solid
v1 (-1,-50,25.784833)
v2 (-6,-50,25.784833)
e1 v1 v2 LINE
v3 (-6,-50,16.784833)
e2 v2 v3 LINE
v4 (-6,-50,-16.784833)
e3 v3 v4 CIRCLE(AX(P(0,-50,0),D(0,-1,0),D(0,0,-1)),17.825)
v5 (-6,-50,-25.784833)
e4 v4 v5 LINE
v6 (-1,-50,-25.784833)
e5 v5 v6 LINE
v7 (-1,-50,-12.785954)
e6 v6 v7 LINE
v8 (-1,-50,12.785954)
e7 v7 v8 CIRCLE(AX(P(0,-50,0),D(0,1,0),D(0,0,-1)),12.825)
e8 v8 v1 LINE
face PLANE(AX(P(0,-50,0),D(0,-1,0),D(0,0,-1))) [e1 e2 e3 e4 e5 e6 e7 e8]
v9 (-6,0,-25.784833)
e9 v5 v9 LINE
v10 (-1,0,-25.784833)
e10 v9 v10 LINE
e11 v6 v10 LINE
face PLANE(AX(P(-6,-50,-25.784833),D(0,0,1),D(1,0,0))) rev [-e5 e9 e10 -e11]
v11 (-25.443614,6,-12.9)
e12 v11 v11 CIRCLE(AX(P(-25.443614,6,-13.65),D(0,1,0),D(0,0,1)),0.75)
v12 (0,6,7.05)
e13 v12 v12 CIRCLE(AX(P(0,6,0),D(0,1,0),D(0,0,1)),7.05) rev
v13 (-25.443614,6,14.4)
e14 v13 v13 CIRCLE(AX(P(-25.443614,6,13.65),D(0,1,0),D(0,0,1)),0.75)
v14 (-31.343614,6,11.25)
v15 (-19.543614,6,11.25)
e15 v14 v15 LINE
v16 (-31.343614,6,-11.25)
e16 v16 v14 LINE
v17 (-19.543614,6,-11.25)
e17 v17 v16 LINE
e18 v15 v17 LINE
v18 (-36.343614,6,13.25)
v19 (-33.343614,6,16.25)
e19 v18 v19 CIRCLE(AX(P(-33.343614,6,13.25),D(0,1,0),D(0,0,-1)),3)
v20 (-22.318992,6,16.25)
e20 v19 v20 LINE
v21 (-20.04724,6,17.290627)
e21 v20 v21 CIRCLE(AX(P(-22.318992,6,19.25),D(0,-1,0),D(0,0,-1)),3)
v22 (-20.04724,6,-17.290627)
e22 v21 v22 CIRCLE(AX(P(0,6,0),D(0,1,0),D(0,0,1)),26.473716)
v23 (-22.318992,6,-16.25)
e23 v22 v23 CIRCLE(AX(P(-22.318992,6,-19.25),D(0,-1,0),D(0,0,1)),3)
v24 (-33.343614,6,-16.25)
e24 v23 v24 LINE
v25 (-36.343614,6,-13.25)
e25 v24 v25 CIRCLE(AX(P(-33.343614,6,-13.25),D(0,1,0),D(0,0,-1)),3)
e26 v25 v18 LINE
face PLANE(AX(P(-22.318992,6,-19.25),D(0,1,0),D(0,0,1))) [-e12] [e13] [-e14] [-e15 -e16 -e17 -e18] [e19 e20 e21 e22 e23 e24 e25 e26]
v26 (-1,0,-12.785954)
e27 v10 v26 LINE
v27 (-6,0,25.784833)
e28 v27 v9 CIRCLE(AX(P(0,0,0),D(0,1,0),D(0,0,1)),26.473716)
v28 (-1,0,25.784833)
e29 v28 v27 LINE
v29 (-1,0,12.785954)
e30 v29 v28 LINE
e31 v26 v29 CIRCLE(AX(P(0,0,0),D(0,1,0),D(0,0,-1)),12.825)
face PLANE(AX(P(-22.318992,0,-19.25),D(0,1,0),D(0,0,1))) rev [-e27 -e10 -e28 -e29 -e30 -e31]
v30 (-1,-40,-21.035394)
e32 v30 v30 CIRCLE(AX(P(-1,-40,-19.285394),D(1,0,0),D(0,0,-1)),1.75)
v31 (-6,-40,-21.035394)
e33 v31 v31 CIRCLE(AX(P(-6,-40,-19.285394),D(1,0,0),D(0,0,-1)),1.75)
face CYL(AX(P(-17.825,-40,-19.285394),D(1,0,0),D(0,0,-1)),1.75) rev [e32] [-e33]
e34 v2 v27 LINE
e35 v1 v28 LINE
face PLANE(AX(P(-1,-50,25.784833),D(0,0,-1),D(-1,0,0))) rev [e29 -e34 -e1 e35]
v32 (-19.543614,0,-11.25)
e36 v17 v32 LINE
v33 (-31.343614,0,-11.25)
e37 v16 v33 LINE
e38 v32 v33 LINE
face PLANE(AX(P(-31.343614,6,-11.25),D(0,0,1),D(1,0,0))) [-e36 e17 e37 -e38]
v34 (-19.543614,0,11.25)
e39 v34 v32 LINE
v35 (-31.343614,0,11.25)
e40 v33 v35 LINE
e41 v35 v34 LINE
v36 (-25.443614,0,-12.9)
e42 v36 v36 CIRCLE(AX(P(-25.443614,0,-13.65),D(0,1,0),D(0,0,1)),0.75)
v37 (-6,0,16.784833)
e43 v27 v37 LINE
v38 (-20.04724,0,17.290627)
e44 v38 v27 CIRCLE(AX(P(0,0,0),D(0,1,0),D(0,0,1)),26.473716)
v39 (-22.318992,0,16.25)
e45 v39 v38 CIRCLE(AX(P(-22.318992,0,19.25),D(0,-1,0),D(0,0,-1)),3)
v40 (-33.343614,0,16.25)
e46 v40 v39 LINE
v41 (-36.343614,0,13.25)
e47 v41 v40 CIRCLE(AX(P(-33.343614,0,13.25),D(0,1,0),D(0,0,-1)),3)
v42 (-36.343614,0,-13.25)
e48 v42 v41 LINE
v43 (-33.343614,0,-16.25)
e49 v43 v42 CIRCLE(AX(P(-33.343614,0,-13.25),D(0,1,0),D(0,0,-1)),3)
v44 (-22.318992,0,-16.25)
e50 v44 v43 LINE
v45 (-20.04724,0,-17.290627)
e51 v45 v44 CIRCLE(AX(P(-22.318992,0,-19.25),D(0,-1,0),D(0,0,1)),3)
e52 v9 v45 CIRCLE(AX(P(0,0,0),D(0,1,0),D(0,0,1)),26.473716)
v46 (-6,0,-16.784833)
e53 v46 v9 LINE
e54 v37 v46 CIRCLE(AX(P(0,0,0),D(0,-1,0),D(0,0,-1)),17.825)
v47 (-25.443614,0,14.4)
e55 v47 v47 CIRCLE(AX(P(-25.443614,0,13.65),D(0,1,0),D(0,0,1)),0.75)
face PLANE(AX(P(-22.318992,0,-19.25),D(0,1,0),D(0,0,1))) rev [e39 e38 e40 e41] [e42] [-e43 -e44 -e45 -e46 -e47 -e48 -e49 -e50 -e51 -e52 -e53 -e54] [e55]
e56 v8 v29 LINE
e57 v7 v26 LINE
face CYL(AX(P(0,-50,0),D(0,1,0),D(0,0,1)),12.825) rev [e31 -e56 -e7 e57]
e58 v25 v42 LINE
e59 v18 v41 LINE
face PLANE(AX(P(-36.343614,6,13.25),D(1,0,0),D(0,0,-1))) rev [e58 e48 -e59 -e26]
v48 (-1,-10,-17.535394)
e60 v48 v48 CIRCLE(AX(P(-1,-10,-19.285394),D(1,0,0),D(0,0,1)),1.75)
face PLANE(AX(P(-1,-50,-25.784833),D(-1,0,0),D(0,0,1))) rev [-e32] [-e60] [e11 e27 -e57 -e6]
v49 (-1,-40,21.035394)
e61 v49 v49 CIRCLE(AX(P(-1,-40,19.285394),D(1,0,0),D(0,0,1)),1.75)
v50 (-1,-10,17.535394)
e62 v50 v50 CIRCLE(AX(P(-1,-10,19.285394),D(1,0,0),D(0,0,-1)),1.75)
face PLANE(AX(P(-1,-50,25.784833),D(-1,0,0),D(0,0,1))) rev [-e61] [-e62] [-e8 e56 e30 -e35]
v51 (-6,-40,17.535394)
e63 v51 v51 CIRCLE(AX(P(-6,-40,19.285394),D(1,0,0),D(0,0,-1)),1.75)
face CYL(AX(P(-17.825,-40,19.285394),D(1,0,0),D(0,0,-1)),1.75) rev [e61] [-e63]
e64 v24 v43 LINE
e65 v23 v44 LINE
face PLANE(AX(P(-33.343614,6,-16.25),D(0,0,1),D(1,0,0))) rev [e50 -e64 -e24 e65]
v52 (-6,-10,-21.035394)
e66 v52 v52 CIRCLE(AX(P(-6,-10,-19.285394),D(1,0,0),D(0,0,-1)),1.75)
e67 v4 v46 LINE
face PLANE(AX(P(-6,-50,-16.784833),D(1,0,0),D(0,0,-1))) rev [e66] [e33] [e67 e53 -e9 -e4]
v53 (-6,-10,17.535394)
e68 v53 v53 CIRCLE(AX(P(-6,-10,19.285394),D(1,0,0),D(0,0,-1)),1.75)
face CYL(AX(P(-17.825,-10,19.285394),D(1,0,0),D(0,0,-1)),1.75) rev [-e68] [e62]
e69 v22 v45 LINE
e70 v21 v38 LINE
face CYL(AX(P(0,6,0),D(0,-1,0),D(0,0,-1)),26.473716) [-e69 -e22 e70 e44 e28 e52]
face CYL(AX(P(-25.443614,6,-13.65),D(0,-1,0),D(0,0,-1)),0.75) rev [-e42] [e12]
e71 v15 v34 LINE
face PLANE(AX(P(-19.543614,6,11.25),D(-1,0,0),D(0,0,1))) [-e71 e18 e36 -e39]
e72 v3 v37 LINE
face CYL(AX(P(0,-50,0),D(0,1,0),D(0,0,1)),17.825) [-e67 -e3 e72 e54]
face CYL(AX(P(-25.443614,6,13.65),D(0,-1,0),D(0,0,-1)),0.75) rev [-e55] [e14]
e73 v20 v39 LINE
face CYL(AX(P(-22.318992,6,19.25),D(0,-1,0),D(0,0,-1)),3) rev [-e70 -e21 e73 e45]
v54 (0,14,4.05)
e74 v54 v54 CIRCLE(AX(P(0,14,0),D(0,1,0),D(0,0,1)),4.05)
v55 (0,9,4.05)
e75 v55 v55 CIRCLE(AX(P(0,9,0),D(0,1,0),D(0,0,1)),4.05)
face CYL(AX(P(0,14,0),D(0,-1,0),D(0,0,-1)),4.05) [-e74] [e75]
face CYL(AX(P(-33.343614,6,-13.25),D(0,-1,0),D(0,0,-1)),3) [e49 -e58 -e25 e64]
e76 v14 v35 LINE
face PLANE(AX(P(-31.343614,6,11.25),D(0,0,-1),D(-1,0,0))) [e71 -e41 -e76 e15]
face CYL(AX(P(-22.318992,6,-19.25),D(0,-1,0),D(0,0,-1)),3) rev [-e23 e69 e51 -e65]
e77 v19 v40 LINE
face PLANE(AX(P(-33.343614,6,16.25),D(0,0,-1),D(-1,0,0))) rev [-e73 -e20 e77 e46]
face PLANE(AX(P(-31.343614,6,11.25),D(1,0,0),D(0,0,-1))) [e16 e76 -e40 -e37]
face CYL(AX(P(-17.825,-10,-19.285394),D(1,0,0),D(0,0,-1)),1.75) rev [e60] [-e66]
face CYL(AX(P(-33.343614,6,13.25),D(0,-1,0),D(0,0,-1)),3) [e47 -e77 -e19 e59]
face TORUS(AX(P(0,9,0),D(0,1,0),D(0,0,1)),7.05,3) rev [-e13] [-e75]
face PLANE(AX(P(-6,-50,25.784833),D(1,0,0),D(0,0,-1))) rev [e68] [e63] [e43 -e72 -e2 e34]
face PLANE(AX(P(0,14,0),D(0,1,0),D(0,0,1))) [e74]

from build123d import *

# Parameters (mm, degrees)
BOSS_EXTRUDE4_DEPTH = 50
SKETCH7_R           = 1.75
CUT_EXTRUDE1_DEPTH  = 59.719147195
SKETCH8_R           = 0.75
SKETCH8_W           = 11.8
SKETCH8_H           = 22.5
BOSS_EXTRUDE5_DEPTH = 6
SKETCH9_R           = 4.05
BOSS_EXTRUDE6_DEPTH = 8
FILLET1_R           = 3


with BuildPart() as part:
    # Sketch6 → Boss-Extrude4 (new body)
    with BuildSketch(Plane.XZ):
        with BuildLine():
            Line((-1, 25.784833184), (-1, 12.785954208))
            ThreePointArc((-1, 12.785954208), (-12.825, 0), (-1, -12.785954208))
            Line((-1, -12.785954208), (-1, -25.784833184))
            Line((-1, -25.784833184), (-6, -25.784833184))
            Line((-6, -25.784833184), (-6, -16.784833184))
            ThreePointArc((-6, -16.784833184), (-17.825, 0), (-6, 16.784833184))
            Line((-6, 16.784833184), (-6, 25.784833184))
            Line((-6, 25.784833184), (-1, 25.784833184))
        make_face()
    extrude(amount=BOSS_EXTRUDE4_DEPTH)

    # Sketch7 → Cut-Extrude1 (cut, through all)
    with BuildSketch(Plane(origin=(-1, 0, 0), x_dir=(0, 0, -1), z_dir=(1, 0, 0))):
        with Locations((-19.285393696, -10)):
            Circle(SKETCH7_R)
        with Locations((-19.285393696, -40)):
            Circle(SKETCH7_R)
        with Locations((19.285393696, -40)):
            Circle(SKETCH7_R)
        with Locations((19.285393696, -10)):
            Circle(SKETCH7_R)
    extrude(amount=-CUT_EXTRUDE1_DEPTH, mode=Mode.SUBTRACT)

    # Sketch8 → Boss-Extrude5 (add)
    with BuildSketch(Plane(origin=(0, 0, 0), x_dir=(1, 0, 0), z_dir=(0, 1, 0))):
        with BuildLine():
            Line((-33.34361413, -16.25), (-22.318992281, -16.25))
            ThreePointArc((-22.318992281, -16.25), (-21.069616181, -16.522536094), (-20.047240136, -17.290627093))
            ThreePointArc((-20.047240136, -17.290627093), (26.473715688, 0), (-20.047240136, 17.290627093))
            ThreePointArc((-20.047240136, 17.290627093), (-21.069616181, 16.522536094), (-22.318992281, 16.25))
            Line((-22.318992281, 16.25), (-33.34361413, 16.25))
            ThreePointArc((-33.34361413, 16.25), (-35.464934474, 15.371320344), (-36.34361413, 13.25))
            Line((-36.34361413, 13.25), (-36.34361413, -13.25))
            ThreePointArc((-36.34361413, -13.25), (-35.464934474, -15.371320344), (-33.34361413, -16.25))
        make_face()
        with Locations(Location((-25.44361413, 13.65, 0), (0, 0, 270))):
            Circle(SKETCH8_R, mode=Mode.SUBTRACT)
        with Locations(Location((-25.44361413, -13.65, 0), (0, 0, 270))):
            Circle(SKETCH8_R, mode=Mode.SUBTRACT)
        with Locations((-25.44361413, 0)):
            Rectangle(SKETCH8_W, SKETCH8_H, mode=Mode.SUBTRACT)
    extrude(amount=BOSS_EXTRUDE5_DEPTH)

    # Sketch9 → Boss-Extrude6 (add)
    with BuildSketch(Plane(origin=(0, 6, 0), x_dir=(1, 0, 0), z_dir=(0, 1, 0))):
        with Locations(Location((0, 0, 0), (0, 0, 270))):
            Circle(SKETCH9_R)
    extrude(amount=BOSS_EXTRUDE6_DEPTH)

    # Fillet1
    fillet1_edges = [part.edges().sort_by_distance(p)[0] for p in [
        (0, 6, -4.05),
    ]]
    fillet(fillet1_edges, radius=FILLET1_R)


solid = part.part
